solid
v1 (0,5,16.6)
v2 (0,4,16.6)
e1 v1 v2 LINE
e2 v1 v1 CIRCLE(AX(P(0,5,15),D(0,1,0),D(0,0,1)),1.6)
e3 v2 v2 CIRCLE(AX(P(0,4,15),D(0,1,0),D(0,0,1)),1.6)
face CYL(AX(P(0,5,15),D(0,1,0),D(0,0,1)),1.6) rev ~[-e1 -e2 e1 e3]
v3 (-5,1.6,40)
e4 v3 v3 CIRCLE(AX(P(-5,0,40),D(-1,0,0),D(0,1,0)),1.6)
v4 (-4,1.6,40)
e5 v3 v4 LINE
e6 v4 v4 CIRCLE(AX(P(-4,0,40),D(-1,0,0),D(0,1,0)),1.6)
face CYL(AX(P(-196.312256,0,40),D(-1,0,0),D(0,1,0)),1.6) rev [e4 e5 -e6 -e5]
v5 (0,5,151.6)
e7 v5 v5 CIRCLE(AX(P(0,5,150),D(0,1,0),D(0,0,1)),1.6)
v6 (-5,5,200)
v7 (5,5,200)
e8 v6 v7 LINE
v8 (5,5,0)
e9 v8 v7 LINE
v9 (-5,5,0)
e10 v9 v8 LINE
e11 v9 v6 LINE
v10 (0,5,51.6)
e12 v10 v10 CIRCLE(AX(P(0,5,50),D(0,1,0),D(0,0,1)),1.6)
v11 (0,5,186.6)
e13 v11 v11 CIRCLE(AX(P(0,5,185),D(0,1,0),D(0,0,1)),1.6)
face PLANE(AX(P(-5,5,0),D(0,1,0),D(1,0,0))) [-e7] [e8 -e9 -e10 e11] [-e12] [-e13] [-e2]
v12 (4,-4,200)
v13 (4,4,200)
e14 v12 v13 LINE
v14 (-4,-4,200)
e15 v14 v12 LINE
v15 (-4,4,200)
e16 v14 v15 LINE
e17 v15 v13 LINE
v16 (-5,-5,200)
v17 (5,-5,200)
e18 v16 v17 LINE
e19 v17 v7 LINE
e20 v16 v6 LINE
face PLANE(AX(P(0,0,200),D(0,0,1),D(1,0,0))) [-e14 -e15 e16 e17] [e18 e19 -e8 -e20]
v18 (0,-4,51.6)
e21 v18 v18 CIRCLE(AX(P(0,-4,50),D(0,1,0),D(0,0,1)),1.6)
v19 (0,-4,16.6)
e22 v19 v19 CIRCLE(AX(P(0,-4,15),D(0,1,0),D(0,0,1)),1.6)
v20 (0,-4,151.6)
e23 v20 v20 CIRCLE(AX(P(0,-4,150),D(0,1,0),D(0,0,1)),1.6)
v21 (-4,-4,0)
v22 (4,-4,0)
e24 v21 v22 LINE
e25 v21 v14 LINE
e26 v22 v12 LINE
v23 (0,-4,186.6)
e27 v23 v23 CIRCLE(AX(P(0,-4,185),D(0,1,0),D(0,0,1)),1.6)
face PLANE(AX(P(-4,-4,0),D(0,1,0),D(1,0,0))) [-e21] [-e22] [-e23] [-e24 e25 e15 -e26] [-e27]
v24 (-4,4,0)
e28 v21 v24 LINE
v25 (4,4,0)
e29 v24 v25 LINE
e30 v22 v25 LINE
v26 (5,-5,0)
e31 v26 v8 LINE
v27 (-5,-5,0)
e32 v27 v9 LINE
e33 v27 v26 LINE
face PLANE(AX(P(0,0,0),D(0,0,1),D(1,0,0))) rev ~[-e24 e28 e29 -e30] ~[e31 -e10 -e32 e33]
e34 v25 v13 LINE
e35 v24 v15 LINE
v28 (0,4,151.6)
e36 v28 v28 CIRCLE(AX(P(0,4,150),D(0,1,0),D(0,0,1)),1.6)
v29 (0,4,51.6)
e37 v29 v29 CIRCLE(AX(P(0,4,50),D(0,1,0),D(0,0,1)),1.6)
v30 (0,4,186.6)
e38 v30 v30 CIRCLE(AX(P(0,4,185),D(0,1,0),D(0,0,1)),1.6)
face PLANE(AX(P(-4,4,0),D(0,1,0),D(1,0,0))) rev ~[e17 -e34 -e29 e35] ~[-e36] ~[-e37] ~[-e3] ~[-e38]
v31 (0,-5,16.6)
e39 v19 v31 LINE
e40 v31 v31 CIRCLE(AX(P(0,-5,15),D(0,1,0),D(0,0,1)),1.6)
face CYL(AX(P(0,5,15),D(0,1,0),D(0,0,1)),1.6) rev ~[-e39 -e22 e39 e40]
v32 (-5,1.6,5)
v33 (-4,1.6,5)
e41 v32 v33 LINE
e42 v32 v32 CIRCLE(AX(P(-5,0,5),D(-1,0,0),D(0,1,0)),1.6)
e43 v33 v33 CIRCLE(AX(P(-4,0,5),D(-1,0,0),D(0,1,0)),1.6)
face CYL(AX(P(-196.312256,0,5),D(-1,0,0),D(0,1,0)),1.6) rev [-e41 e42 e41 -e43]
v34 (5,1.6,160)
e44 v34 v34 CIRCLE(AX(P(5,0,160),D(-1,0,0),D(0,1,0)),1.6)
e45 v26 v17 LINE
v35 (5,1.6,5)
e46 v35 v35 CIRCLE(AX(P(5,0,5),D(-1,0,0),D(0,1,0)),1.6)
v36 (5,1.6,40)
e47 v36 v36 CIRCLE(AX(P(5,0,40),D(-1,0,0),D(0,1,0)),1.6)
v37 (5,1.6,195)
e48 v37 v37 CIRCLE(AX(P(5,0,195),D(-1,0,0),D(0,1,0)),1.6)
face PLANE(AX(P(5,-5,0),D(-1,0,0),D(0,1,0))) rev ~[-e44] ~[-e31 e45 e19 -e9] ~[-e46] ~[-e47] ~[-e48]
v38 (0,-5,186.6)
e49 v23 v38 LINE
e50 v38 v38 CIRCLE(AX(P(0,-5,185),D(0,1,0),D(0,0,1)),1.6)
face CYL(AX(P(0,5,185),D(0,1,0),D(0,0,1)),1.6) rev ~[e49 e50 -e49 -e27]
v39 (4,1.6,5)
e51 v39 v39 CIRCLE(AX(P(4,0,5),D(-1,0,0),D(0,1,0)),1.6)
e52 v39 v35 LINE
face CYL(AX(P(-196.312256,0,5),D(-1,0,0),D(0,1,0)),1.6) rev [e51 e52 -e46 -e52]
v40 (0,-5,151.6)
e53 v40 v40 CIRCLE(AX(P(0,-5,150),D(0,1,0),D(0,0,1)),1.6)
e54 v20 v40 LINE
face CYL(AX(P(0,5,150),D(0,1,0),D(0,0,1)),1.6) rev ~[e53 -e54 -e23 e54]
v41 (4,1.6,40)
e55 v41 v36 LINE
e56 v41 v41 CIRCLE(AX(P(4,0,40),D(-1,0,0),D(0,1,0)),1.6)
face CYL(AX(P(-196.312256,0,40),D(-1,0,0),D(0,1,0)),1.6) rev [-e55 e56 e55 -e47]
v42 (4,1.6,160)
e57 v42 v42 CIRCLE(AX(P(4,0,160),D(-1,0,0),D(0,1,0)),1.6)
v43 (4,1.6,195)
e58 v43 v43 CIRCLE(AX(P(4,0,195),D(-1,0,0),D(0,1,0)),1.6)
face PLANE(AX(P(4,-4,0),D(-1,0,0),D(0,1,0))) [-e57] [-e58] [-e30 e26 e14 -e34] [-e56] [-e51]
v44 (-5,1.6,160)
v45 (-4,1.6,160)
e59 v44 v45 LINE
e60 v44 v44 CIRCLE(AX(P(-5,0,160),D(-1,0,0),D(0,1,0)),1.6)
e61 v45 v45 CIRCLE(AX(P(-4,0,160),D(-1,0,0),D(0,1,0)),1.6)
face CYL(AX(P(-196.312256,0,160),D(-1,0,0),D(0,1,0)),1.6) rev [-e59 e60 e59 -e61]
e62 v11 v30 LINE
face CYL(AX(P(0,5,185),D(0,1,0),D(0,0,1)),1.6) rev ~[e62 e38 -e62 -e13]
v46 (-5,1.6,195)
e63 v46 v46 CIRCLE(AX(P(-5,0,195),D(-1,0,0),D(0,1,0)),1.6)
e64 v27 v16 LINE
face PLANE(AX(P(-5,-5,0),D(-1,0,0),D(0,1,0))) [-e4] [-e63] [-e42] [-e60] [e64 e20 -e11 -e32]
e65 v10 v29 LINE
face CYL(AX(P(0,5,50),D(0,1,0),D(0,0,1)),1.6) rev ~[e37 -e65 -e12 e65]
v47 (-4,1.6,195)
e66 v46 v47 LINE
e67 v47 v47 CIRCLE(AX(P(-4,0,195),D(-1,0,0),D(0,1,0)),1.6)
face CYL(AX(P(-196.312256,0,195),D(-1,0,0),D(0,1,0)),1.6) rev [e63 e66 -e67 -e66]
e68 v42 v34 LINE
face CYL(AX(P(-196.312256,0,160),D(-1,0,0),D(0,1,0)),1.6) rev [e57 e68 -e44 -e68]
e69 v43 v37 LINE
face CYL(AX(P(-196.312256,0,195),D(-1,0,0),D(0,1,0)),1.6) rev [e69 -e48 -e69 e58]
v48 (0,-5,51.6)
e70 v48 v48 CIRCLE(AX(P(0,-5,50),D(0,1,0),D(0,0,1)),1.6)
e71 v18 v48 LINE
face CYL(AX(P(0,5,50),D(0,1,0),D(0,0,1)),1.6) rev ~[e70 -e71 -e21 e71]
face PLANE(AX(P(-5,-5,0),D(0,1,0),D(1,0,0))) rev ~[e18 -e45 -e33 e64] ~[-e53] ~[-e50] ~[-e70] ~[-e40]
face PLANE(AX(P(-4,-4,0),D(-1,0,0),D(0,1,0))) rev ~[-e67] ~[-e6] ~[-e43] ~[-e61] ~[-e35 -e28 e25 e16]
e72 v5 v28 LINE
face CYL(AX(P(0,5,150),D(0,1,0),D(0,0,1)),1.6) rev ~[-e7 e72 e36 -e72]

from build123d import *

# Parameters (mm, degrees)
SKETCH_1_W               = 10
SKETCH_1_H               = 10
SKETCH_1_W_2             = 8
SKETCH_1_H_2             = 8
EXTRUDE_1_DEPTH          = 200
CUT_EXTRUDE_1_DEPTH      = 201.31225624
CUT_EXTRUDE_1_DEPTH_BACK = 201.31225624
SKETCH_2_R               = 1.6
SKETCH_3_R               = 1.6
CUT_EXTRUDE_2_DEPTH      = 201.31225624
SKETCH_4_R               = 1.6
CUT_EXTRUDE_3_DEPTH      = 201.31225624


with BuildPart() as part:
    # ｽｹｯﾁ1 → ﾎﾞｽ - 押し出し1 (new body)
    with BuildSketch(Plane.XY):
        Rectangle(SKETCH_1_W, SKETCH_1_H)
        Rectangle(SKETCH_1_W_2, SKETCH_1_H_2, mode=Mode.SUBTRACT)
    extrude(amount=EXTRUDE_1_DEPTH)

    # ｽｹｯﾁ2 → ｶｯﾄ - 押し出し1 (cut, two sides: drawn at the far end of the back side and taken through both)
    with BuildSketch(Plane(origin=(5, 0, 0), x_dir=(0, 0, -1), z_dir=(1, 0, 0)).offset(-CUT_EXTRUDE_1_DEPTH_BACK)):
        with Locations(Location((-160, 0, 0), (0, 0, 90))):
            Circle(SKETCH_2_R)
        with Locations(Location((-40, 0, 0), (0, 0, 90))):
            Circle(SKETCH_2_R)
        with Locations(Location((-195, 0, 0), (0, 0, 90))):
            Circle(SKETCH_2_R)
        with Locations(Location((-5, 0, 0), (0, 0, 90))):
            Circle(SKETCH_2_R)
    extrude(amount=CUT_EXTRUDE_1_DEPTH + CUT_EXTRUDE_1_DEPTH_BACK, mode=Mode.SUBTRACT)

    # ｽｹｯﾁ3 → ｶｯﾄ - 押し出し2 (cut, through all)
    with BuildSketch(Plane(origin=(0, 5, 0), x_dir=(1, 0, 0), z_dir=(0, 1, 0))):
        with Locations(Location((0, -185, 0), (0, 0, 270))):
            Circle(SKETCH_3_R)
        with Locations(Location((0, -15, 0), (0, 0, 270))):
            Circle(SKETCH_3_R)
    extrude(amount=-CUT_EXTRUDE_2_DEPTH, mode=Mode.SUBTRACT)

    # ｽｹｯﾁ4 → ｶｯﾄ - 押し出し3 (cut, through all)
    with BuildSketch(Plane(origin=(0, 5, 0), x_dir=(1, 0, 0), z_dir=(0, 1, 0))):
        with Locations(Location((0, -50, 0), (0, 0, 270))):
            Circle(SKETCH_4_R)
        with Locations(Location((0, -150, 0), (0, 0, 270))):
            Circle(SKETCH_4_R)
    extrude(amount=-CUT_EXTRUDE_3_DEPTH, mode=Mode.SUBTRACT)


solid = part.part
